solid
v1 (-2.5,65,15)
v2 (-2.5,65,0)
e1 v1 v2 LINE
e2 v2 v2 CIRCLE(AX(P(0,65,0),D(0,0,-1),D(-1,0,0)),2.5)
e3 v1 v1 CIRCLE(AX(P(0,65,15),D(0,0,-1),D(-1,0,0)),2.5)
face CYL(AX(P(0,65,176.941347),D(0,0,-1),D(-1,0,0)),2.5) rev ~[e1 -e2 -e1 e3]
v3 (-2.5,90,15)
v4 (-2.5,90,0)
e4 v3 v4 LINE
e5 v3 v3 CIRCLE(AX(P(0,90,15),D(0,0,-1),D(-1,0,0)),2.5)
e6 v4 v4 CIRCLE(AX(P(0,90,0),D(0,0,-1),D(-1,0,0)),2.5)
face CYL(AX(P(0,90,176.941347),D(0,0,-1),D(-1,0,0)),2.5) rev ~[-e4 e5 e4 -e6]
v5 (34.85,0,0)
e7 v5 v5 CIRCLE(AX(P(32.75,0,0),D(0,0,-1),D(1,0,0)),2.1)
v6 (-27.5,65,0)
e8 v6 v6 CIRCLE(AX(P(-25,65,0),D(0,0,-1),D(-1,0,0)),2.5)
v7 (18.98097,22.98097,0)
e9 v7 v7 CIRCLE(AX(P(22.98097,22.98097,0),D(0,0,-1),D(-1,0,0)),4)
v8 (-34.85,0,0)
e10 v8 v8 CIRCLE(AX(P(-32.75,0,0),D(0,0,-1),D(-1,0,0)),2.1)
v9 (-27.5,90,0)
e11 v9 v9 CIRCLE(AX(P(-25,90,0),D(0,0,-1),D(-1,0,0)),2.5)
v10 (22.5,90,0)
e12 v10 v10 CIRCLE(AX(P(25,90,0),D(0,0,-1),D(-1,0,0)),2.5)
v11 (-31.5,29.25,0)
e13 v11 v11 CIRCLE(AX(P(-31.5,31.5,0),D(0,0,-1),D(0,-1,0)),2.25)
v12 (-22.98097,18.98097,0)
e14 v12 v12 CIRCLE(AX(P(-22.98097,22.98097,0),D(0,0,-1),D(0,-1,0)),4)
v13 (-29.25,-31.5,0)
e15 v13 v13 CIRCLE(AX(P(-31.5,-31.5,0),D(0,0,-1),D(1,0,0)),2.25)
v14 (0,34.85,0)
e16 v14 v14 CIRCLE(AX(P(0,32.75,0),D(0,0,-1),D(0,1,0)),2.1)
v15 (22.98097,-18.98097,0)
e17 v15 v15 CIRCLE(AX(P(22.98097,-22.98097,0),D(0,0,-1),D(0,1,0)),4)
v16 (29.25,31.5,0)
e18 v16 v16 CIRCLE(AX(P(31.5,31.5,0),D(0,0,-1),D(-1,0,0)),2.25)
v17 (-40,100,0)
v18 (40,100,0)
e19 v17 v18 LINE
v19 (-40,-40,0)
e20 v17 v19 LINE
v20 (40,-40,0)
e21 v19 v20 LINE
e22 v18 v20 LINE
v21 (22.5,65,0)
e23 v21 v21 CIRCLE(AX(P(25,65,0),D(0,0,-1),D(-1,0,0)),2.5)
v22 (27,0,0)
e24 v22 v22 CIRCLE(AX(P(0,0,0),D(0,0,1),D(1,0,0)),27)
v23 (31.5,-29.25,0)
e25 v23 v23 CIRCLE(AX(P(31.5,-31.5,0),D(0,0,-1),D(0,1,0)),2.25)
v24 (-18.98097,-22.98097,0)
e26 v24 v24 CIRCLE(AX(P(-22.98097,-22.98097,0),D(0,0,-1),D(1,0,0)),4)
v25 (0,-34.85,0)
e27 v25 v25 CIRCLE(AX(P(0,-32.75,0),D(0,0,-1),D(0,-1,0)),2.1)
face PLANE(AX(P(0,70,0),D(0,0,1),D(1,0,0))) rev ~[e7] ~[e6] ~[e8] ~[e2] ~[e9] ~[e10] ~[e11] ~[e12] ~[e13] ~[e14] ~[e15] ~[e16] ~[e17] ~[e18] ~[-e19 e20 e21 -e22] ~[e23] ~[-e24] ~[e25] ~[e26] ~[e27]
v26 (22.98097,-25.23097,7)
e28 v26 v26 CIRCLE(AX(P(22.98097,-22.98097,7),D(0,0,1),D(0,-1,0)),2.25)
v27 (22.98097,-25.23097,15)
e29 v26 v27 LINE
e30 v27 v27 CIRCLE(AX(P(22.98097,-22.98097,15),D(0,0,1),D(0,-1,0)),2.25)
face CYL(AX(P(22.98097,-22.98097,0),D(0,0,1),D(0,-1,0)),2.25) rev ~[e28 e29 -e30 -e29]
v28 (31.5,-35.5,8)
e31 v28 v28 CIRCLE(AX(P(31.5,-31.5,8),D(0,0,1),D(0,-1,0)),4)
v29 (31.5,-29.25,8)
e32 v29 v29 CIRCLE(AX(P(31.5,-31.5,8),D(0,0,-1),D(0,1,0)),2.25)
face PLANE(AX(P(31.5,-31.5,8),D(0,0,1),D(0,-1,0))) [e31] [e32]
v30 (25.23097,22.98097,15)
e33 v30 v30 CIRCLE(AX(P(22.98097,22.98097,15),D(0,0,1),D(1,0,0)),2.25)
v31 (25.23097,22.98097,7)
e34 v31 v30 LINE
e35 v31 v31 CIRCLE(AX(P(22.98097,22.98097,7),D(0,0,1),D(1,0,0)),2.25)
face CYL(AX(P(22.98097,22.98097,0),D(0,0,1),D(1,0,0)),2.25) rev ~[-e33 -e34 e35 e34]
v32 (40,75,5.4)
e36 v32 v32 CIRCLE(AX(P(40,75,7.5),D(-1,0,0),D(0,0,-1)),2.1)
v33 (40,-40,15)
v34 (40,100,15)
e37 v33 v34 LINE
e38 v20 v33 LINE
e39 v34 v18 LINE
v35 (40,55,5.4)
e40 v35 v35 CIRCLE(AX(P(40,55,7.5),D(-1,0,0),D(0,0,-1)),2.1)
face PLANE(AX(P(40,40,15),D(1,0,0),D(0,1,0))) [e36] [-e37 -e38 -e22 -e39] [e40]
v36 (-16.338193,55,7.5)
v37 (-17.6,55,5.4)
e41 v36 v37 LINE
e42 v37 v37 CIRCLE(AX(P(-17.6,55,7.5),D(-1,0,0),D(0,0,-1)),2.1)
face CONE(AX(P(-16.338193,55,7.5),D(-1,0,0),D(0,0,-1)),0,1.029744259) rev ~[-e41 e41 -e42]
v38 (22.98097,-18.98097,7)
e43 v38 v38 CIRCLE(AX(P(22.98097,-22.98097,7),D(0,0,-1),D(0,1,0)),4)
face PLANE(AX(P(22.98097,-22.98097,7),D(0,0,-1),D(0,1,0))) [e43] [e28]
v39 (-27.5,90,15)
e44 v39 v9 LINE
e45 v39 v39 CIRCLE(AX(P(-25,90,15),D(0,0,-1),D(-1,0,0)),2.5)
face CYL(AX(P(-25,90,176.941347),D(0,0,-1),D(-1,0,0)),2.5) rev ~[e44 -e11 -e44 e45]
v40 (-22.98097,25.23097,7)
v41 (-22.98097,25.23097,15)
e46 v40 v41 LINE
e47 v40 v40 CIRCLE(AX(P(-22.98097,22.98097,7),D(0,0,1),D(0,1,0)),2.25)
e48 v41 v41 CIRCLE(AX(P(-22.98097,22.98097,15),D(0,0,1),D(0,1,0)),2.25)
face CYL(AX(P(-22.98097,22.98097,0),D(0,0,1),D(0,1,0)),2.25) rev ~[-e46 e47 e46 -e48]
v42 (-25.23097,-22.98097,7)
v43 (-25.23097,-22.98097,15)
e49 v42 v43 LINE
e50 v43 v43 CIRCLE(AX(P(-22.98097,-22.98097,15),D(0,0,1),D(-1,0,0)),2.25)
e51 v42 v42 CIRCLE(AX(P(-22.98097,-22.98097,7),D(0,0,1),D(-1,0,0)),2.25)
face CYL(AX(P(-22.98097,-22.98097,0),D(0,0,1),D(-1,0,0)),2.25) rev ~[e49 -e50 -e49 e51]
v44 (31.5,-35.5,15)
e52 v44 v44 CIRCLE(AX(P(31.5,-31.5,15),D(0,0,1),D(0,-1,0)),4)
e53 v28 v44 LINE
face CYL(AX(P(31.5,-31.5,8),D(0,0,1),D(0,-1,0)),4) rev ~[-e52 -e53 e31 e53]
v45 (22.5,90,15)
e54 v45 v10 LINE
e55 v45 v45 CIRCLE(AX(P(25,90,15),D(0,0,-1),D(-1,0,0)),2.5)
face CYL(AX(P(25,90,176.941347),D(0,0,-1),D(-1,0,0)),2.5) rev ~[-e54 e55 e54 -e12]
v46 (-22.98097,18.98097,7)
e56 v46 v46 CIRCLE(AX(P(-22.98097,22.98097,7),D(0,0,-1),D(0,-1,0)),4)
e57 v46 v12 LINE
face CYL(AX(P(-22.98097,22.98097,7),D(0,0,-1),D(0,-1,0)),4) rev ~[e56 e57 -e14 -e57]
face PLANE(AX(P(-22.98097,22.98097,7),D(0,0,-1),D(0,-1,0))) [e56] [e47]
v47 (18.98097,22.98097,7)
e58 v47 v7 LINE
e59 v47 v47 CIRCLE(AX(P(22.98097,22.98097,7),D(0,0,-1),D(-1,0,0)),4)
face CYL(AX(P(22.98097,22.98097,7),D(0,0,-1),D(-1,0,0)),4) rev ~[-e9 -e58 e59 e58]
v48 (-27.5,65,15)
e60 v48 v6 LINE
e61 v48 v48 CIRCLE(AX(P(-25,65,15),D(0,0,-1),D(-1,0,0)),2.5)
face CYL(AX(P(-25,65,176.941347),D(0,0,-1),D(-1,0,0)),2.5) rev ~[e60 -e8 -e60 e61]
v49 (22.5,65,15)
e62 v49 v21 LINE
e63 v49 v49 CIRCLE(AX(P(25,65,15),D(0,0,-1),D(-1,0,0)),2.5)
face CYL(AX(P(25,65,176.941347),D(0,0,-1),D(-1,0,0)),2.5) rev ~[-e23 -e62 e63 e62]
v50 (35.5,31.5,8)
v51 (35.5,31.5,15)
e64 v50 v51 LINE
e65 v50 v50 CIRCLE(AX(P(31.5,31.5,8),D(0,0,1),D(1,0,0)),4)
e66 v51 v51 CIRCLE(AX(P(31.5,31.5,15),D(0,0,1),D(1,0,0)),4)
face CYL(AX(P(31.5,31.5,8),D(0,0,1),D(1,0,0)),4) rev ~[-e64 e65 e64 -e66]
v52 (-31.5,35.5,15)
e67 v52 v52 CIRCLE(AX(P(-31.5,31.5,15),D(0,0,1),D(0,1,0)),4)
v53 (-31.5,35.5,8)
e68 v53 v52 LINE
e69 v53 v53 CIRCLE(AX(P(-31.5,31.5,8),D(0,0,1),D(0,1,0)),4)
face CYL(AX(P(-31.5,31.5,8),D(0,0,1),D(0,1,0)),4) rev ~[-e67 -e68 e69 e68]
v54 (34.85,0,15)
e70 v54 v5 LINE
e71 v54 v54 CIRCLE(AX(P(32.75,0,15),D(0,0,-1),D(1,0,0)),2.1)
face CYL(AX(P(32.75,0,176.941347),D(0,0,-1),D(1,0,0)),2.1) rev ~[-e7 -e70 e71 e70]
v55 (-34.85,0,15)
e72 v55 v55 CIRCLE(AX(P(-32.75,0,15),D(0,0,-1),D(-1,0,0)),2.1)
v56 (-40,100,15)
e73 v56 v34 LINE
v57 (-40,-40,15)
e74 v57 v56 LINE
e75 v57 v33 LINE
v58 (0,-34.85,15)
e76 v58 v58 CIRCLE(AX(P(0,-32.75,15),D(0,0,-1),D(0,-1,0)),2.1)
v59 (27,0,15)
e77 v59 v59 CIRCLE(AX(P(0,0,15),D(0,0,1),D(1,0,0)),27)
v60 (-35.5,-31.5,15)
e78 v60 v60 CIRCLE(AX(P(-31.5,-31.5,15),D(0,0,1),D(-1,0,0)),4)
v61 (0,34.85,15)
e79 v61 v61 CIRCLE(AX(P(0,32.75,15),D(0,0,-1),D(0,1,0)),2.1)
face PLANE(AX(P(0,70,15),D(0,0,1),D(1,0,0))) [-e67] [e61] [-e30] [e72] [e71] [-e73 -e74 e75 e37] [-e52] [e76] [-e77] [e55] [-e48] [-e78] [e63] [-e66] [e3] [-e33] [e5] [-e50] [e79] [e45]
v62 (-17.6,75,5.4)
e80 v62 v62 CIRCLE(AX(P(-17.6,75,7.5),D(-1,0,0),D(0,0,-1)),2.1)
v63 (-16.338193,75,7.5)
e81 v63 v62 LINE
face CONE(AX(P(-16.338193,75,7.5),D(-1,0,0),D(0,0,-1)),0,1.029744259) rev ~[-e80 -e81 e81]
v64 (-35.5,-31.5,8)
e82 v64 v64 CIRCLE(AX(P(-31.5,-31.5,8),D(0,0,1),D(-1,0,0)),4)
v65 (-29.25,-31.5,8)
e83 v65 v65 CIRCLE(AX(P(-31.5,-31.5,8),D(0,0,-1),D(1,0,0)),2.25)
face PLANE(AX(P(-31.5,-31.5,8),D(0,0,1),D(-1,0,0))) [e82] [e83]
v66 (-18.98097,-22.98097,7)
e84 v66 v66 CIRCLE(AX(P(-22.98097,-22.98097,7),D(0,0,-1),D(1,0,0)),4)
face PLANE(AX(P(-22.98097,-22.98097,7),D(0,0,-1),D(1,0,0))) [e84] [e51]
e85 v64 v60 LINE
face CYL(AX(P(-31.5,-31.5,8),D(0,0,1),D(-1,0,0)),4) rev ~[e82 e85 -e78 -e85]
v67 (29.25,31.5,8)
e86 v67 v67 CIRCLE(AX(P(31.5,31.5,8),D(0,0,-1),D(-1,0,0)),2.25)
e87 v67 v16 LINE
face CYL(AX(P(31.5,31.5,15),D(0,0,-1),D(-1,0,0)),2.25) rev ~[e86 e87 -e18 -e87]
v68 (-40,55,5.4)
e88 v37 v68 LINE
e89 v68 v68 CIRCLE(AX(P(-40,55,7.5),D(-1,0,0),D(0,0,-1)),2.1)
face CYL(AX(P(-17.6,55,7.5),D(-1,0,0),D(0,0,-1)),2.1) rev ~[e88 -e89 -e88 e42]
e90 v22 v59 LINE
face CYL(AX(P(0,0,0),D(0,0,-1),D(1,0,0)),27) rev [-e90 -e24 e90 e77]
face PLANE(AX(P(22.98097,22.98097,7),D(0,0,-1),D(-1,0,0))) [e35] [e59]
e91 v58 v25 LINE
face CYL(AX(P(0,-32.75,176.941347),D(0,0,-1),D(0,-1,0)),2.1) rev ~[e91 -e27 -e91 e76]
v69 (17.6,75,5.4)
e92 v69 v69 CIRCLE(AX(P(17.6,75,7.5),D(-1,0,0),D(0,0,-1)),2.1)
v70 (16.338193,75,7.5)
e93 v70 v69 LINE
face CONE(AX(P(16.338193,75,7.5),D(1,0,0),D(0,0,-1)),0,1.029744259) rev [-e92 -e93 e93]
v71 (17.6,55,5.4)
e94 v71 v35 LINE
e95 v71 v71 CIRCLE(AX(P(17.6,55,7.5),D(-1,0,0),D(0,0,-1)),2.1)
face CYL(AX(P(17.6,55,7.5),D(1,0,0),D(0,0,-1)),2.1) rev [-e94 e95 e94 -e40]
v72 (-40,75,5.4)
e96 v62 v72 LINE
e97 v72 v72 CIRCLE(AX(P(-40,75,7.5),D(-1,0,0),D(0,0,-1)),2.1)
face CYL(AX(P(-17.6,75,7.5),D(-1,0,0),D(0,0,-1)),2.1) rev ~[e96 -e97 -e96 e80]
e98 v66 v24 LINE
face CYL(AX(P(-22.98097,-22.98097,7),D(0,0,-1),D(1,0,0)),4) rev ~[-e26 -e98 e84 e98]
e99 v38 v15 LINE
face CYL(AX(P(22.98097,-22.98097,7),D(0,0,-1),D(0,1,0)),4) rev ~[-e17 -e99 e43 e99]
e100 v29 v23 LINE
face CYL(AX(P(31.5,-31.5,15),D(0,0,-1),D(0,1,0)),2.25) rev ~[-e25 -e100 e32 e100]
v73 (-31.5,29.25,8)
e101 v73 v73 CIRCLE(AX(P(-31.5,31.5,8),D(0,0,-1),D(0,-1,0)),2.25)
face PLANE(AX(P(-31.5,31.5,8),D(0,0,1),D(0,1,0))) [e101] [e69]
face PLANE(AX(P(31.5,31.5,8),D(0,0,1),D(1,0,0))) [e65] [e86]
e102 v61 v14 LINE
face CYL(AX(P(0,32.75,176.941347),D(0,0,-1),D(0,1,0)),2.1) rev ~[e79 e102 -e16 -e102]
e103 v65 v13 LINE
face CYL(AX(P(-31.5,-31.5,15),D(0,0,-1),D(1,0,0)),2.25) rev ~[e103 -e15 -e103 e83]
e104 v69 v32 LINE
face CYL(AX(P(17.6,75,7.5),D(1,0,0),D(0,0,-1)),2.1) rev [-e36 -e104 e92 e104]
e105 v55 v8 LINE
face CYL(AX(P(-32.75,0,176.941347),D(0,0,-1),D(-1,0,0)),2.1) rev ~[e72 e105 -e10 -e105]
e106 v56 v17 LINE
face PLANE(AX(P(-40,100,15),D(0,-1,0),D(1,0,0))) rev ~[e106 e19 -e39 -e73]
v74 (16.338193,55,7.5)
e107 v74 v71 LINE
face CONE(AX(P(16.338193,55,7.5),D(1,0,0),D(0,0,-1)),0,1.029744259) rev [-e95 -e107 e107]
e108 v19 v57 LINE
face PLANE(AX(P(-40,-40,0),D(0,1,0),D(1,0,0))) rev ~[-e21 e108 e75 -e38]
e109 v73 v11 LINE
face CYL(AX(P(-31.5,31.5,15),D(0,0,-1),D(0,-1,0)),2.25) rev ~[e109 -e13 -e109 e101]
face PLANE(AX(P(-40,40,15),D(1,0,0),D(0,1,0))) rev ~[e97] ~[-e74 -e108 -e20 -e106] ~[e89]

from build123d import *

# Parameters (mm, degrees)
ESQUISSE1_W                                      = 80
ESQUISSE1_H                                      = 80
ESQUISSE1_R                                      = 27
BOSS_EXTRU_1_DEPTH                               = 15
CHAMBRAGE_POUR_VIS_T_TE_CYLINDRIQUE_D            = 4.5
CHAMBRAGE_POUR_VIS_T_TE_CYLINDRIQUE_CBORE_D      = 8
CHAMBRAGE_POUR_VIS_T_TE_CYLINDRIQUE_CBORE_DEPTH  = 7
CHAMBRAGE_POUR_VIS_T_TE_CYLINDRIQU_2_D           = 4.5
CHAMBRAGE_POUR_VIS_T_TE_CYLINDRIQU_2_CBORE_D     = 8
CHAMBRAGE_POUR_VIS_T_TE_CYLINDRIQU_2_CBORE_DEPTH = 7
R_P_TITION_CIRCULAIRE3_COUNT                     = 4
ESQUISSE2_W                                      = 80
ESQUISSE2_H                                      = 60
BOSS_EXTRU_2_DEPTH                               = 15
TROU_TARAUD_PROFOND_M5X0_81_AT_2_COUNT           = 2
TROU_TARAUD_PROFOND_M5X0_81_AT_2_PITCH           = 20
TROU_TARAUD_M6X1_01_D                            = 5
R_P_TITION_LIN_AIRE1_COUNT                       = 2
R_P_TITION_LIN_AIRE1_PITCH                       = 25
TROU_TARAUD_M5X0_81_D                            = 4.2
R_P_TITION_CIRCULAIRE2_COUNT                     = 4


with BuildPart() as part:
    # Esquisse1 → Boss.-Extru.1 (new body)
    with BuildSketch(Plane.XY):
        Rectangle(ESQUISSE1_W, ESQUISSE1_H)
        Circle(ESQUISSE1_R, mode=Mode.SUBTRACT)
    extrude(amount=BOSS_EXTRU_1_DEPTH)

    # Chambrage pour vis _ t_te cylindrique (through all)
    with Locations(Plane(origin=(31.5, 31.5, 15), x_dir=(1, 0, 0), z_dir=(0, 0, 1))):
        with Locations((0, 0)):
            chambrage_pour_vis_t_te_cylindrique = CounterBoreHole(CHAMBRAGE_POUR_VIS_T_TE_CYLINDRIQUE_D / 2, CHAMBRAGE_POUR_VIS_T_TE_CYLINDRIQUE_CBORE_D / 2, CHAMBRAGE_POUR_VIS_T_TE_CYLINDRIQUE_CBORE_DEPTH)

    # Chambrage pour vis _ t_te cylindriqu 2 (through all)
    with Locations(Plane(origin=(22.980970389, 22.980970389, 0), x_dir=(-1, 0, 0), z_dir=(0, 0, -1))):
        with Locations((0, 0)):
            chambrage_pour_vis_t_te_cylindriqu_2 = CounterBoreHole(CHAMBRAGE_POUR_VIS_T_TE_CYLINDRIQU_2_D / 2, CHAMBRAGE_POUR_VIS_T_TE_CYLINDRIQU_2_CBORE_D / 2, CHAMBRAGE_POUR_VIS_T_TE_CYLINDRIQU_2_CBORE_DEPTH)

    # Répétition circulaire3: Chambrage pour vis _ t_te cylindrique, Chambrage pour vis _ t_te cylindriqu 2 ×4 about axis
    r_p_tition_circulaire3_axis = Axis((0, 0, 0), (0, 0, 1))
    add([chambrage_pour_vis_t_te_cylindrique.rotate(r_p_tition_circulaire3_axis, i * 360 / R_P_TITION_CIRCULAIRE3_COUNT) for i in range(1, R_P_TITION_CIRCULAIRE3_COUNT)], mode=Mode.SUBTRACT)
    add([chambrage_pour_vis_t_te_cylindriqu_2.rotate(r_p_tition_circulaire3_axis, i * 360 / R_P_TITION_CIRCULAIRE3_COUNT) for i in range(1, R_P_TITION_CIRCULAIRE3_COUNT)], mode=Mode.SUBTRACT)

    # Esquisse2 → Boss.-Extru.2 (add)
    with BuildSketch(Plane.XY.offset(15)):
        with Locations((0, 70)):
            Rectangle(ESQUISSE2_W, ESQUISSE2_H)
    extrude(amount=-BOSS_EXTRU_2_DEPTH)

    # Esquisse10 → Trou taraudé profond M5x0.81 (revolve, cut)
    with BuildSketch(Plane(origin=(40, 55, 7.5), x_dir=(0, 0, -1), z_dir=(0, 1, 0))):
        Polygon((0, 0), (0, 23.6618073), (2.1, 22.4), (2.1, 0), align=None)
    trou_taraud_profond_m5x0_81 = revolve(axis=Axis((46.35, 55, 7.5), (-1, 0, 0)), mode=Mode.SUBTRACT)

    # Trou taraudé profond M5x0.81 at 2: Trou taraudé profond M5x0.81 ×2
    with Locations(*[(0, i * TROU_TARAUD_PROFOND_M5X0_81_AT_2_PITCH, 0) for i in range(1, TROU_TARAUD_PROFOND_M5X0_81_AT_2_COUNT)]):
        add(trou_taraud_profond_m5x0_81, mode=Mode.SUBTRACT)

    # Symétrie1: Trou taraudé profond M5x0.81 across plane
    add(trou_taraud_profond_m5x0_81.mirror(Plane(origin=(0, 0, 0), x_dir=(0, 0, 1), z_dir=(1, 0, 0))), mode=Mode.SUBTRACT)

    # Symétrie1 copy 1 sketch → Symétrie1 copy 1 (revolve, cut)
    with BuildSketch(Plane(origin=(-40, 75, 7.5), x_dir=(0, 0, -1), z_dir=(0, 1, 0))):
        Polygon((0, 0), (0, -23.6618073), (2.1, -22.4), (2.1, 0), align=None)
    revolve(axis=Axis((-46.35, 75, 7.5), (-1, 0, 0)), mode=Mode.SUBTRACT)

    # Trou taraudé M6x1.01 (through all)
    with Locations(Plane(origin=(-25, 90, 15), x_dir=(1, 0, 0), z_dir=(0, 0, 1))):
        with Locations((0, 0), (25, 0), (50, 0)):
            trou_taraud_m6x1_01 = Hole(TROU_TARAUD_M6X1_01_D / 2)

    # Répétition linéaire1: Trou taraudé M6x1.01 ×2
    with Locations(*[(0, -i * R_P_TITION_LIN_AIRE1_PITCH, 0) for i in range(1, R_P_TITION_LIN_AIRE1_COUNT)]):
        add(trou_taraud_m6x1_01, mode=Mode.SUBTRACT)

    # Trou taraudé M5x0.81 (through all)
    with Locations(Plane(origin=(-32.75, 0, 15), x_dir=(1, 0, 0), z_dir=(0, 0, 1))):
        with Locations((0, 0)):
            trou_taraud_m5x0_81 = Hole(TROU_TARAUD_M5X0_81_D / 2)

    # Répétition circulaire2: Trou taraudé M5x0.81 ×4 about axis
    r_p_tition_circulaire2_axis = Axis((0, 0, 0), (0, 0, 1))
    for i in range(1, R_P_TITION_CIRCULAIRE2_COUNT):
        add(trou_taraud_m5x0_81.rotate(r_p_tition_circulaire2_axis, i * 360 / R_P_TITION_CIRCULAIRE2_COUNT), mode=Mode.SUBTRACT)


solid = part.part
